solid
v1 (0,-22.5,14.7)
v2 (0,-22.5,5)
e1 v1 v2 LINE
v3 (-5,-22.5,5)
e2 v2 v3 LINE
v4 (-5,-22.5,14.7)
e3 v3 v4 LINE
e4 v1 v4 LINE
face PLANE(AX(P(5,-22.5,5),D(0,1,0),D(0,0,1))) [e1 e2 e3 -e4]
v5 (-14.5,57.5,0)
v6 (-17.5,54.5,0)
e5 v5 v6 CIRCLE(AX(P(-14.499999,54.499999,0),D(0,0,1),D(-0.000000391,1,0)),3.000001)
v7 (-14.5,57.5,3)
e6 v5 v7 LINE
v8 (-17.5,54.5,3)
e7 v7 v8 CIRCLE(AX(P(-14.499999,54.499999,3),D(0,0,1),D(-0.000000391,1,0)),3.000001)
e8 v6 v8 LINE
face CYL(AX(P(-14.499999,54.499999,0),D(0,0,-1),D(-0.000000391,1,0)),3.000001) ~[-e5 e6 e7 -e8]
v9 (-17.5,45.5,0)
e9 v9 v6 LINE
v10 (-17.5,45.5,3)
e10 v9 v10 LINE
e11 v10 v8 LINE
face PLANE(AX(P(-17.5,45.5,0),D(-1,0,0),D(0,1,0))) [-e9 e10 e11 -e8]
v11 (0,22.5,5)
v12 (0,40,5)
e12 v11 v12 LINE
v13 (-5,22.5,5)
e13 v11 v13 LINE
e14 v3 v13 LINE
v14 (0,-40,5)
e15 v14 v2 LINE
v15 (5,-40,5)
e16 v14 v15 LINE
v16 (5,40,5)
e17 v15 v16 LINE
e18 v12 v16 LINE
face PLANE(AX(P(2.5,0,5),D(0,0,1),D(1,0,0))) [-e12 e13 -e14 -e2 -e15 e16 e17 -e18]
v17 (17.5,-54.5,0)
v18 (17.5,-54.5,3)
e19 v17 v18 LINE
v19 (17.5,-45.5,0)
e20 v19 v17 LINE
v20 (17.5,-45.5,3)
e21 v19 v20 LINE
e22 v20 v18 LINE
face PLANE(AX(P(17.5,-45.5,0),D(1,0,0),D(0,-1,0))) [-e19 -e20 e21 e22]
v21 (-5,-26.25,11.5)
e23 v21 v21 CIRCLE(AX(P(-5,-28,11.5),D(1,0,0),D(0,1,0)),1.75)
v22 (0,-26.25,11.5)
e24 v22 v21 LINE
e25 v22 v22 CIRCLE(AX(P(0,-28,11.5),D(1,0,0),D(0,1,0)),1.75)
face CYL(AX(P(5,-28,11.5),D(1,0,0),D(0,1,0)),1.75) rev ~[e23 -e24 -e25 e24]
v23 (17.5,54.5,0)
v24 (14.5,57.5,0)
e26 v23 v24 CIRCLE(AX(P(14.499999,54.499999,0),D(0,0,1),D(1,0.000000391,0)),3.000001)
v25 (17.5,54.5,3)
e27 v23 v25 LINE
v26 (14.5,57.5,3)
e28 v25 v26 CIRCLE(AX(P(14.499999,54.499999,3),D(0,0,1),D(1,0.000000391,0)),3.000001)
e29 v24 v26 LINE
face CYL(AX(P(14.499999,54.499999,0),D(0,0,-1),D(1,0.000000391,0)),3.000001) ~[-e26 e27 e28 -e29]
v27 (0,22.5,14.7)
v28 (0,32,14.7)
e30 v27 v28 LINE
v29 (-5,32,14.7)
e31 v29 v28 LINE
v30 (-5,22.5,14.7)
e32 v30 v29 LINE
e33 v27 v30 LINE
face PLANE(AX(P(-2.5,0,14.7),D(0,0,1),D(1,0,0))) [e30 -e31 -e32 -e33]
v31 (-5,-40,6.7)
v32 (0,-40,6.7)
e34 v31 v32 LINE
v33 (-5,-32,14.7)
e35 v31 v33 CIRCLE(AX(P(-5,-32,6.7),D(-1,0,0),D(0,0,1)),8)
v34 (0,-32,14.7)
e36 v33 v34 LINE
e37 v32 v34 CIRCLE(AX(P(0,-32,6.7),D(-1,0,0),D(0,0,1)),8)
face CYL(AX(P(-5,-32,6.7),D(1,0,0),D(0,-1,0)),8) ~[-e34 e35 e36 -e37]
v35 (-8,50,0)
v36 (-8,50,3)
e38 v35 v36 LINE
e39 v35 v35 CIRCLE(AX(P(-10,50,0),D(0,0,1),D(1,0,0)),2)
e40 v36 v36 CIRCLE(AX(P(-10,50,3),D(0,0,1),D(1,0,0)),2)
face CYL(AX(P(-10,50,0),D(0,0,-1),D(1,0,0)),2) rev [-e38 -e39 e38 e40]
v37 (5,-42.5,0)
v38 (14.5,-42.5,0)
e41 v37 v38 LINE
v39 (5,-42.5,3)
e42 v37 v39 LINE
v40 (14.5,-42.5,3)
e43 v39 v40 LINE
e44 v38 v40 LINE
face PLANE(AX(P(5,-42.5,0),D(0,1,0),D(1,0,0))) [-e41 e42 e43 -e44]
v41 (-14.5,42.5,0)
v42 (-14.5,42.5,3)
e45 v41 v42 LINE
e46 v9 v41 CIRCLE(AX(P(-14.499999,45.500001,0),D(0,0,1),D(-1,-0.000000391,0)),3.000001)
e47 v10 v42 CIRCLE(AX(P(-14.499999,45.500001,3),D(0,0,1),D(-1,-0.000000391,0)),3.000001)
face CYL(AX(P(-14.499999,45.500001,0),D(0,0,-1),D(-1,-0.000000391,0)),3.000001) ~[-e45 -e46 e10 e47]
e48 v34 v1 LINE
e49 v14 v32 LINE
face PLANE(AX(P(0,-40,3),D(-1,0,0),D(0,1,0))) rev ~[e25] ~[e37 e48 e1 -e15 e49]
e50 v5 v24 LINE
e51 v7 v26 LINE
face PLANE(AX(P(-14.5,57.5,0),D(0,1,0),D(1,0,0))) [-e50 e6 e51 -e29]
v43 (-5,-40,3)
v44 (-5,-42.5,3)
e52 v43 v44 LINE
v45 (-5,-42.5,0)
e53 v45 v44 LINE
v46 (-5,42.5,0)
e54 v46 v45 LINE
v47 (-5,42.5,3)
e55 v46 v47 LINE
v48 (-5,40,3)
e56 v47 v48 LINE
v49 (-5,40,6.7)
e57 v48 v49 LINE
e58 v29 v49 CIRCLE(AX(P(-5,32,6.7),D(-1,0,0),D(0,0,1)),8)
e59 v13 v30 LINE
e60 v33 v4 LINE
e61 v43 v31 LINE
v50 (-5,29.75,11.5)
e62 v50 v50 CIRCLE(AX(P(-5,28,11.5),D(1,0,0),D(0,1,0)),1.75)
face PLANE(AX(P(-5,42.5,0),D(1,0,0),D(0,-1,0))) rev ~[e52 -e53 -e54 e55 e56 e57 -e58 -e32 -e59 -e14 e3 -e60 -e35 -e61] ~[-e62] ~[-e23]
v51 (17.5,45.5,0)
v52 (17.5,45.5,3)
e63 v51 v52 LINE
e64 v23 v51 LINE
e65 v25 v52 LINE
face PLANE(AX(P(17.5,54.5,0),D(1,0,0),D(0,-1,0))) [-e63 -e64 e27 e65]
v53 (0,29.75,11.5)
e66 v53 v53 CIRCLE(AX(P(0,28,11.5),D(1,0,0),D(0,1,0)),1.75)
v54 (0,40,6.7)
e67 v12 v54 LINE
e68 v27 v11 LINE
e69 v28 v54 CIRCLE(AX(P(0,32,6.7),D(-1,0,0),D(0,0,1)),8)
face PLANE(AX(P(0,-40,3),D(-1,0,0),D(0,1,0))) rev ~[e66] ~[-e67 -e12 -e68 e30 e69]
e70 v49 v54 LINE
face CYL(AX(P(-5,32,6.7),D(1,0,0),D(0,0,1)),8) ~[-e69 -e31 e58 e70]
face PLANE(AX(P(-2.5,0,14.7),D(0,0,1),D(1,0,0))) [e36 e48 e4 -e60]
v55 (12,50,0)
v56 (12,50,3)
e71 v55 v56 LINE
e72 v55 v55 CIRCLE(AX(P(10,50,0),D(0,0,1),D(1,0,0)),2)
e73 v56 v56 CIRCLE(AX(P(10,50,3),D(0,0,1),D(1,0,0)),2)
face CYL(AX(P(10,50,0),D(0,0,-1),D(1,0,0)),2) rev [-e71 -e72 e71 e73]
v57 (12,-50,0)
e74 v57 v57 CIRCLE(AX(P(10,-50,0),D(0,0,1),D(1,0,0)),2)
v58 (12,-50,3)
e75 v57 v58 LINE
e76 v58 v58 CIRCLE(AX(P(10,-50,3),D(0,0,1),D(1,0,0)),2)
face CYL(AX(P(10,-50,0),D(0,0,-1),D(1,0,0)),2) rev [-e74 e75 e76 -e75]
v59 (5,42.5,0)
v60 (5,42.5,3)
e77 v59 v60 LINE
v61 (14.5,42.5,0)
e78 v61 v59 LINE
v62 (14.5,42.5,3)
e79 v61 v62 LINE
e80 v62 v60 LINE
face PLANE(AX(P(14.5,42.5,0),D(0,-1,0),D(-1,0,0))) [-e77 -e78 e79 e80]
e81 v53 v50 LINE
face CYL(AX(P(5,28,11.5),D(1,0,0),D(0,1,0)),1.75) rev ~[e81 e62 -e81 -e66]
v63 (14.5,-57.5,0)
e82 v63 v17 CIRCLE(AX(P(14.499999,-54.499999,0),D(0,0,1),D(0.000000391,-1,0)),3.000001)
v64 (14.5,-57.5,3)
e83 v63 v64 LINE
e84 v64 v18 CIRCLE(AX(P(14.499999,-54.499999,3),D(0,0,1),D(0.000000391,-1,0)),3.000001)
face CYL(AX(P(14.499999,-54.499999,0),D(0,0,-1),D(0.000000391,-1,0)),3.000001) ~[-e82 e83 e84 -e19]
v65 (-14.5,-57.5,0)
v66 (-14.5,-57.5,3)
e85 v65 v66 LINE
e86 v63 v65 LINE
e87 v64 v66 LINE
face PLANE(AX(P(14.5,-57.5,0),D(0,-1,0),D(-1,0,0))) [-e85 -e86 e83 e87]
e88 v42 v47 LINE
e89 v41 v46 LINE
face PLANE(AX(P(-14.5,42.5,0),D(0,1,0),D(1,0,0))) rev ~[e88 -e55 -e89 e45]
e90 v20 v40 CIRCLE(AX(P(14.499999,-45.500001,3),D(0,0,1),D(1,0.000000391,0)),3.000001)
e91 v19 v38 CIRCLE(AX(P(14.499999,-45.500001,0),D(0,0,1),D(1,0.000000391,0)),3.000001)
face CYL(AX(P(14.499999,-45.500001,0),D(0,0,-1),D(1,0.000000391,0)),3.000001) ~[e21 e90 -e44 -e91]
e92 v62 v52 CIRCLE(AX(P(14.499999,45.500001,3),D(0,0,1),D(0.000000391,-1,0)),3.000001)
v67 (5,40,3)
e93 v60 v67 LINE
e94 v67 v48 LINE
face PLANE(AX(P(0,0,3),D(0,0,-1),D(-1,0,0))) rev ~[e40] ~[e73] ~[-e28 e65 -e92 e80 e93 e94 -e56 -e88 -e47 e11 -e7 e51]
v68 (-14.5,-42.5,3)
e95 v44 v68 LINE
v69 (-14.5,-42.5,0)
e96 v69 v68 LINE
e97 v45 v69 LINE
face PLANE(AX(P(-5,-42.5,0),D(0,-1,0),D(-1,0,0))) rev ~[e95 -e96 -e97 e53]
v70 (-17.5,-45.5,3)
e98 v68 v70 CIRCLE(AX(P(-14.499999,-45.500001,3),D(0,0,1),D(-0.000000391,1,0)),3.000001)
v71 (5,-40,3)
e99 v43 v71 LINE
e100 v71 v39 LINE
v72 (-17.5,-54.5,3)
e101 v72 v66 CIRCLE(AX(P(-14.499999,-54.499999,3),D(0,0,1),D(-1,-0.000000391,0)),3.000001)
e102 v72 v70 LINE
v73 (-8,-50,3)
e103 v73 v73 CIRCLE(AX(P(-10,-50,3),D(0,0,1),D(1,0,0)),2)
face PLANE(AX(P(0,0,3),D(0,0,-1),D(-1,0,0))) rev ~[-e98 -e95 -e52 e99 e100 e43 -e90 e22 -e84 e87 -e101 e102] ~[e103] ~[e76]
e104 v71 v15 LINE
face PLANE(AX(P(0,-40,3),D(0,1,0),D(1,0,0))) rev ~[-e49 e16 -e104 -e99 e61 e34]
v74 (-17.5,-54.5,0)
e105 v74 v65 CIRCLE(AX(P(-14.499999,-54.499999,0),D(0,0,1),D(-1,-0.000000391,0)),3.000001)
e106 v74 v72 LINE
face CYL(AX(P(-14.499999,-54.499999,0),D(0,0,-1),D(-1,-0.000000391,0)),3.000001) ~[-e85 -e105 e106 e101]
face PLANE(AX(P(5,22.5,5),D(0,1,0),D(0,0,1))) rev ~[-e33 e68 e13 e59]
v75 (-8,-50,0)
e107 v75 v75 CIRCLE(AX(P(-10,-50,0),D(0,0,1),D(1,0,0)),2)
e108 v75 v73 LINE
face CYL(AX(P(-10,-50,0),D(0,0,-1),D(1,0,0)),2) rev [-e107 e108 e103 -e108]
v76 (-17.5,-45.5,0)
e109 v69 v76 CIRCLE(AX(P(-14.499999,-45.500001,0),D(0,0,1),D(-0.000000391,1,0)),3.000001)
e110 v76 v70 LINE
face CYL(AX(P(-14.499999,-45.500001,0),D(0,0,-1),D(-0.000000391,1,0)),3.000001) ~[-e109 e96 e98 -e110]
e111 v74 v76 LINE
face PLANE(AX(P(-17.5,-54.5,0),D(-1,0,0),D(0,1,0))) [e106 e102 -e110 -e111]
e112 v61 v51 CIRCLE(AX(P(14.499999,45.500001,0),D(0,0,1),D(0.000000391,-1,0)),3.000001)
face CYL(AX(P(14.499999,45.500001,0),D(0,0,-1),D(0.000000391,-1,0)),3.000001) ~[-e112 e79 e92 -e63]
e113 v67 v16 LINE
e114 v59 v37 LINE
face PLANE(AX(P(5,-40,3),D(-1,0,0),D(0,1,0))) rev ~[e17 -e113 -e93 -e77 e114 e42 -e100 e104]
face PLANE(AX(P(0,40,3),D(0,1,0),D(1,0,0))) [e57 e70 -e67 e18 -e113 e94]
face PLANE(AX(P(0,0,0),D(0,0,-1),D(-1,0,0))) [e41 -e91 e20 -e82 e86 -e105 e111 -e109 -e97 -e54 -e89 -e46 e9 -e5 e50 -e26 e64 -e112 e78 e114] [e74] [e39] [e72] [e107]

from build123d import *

# Parameters (mm, degrees)
SKETCH_R     = 2
PAD_DEPTH    = 3
SKETCH001_W  = 5
SKETCH001_H  = 80
PAD001_DEPTH = 11.7
SKETCH002_R  = 1.75
SKETCH002_W  = 45
SKETCH002_H  = 10
POCKET_DEPTH = 15
SKETCH003_W  = 5
SKETCH003_H  = 80
PAD002_DEPTH = 2
FILLET_R     = 8


with BuildPart() as part:
    # Sketch → Pad (new body)
    with BuildSketch(Plane.XY):
        with BuildLine():
            Line((-14.5, 57.5), (14.5, 57.5))
            ThreePointArc((17.5, 54.5), (16.62132, 56.62132), (14.5, 57.5))
            Line((17.5, 54.5), (17.5, 45.5))
            ThreePointArc((14.5, 42.5), (16.62132, 43.37868), (17.5, 45.5))
            Line((14.5, 42.5), (5, 42.5))
            Line((5, 42.5), (5, -42.5))
            Line((5, -42.5), (14.5, -42.5))
            ThreePointArc((17.5, -45.5), (16.62132, -43.37868), (14.5, -42.5))
            Line((17.5, -45.5), (17.5, -54.5))
            ThreePointArc((14.5, -57.5), (16.62132, -56.62132), (17.5, -54.5))
            Line((14.5, -57.5), (-14.5, -57.5))
            ThreePointArc((-17.5, -54.5), (-16.62132, -56.62132), (-14.5, -57.5))
            Line((-17.5, -54.5), (-17.5, -45.5))
            ThreePointArc((-14.5, -42.5), (-16.62132, -43.37868), (-17.5, -45.5))
            Line((-5, -42.5), (-14.5, -42.5))
            Line((-5, 42.5), (-5, -42.5))
            Line((-14.5, 42.5), (-5, 42.5))
            ThreePointArc((-17.5, 45.5), (-16.62132, 43.37868), (-14.5, 42.5))
            Line((-17.5, 45.5), (-17.5, 54.5))
            ThreePointArc((-14.5, 57.5), (-16.62132, 56.62132), (-17.5, 54.5))
        make_face()
        with Locations((-10, 50)):
            Circle(SKETCH_R, mode=Mode.SUBTRACT)
        with Locations((10, 50)):
            Circle(SKETCH_R, mode=Mode.SUBTRACT)
        with Locations((-10, -50)):
            Circle(SKETCH_R, mode=Mode.SUBTRACT)
        with Locations((10, -50)):
            Circle(SKETCH_R, mode=Mode.SUBTRACT)
    extrude(amount=PAD_DEPTH)

    # Sketch001 → Pad001 (join)
    with BuildSketch(Plane.XY.offset(3)):
        with Locations((-2.5, 0)):
            Rectangle(SKETCH001_W, SKETCH001_H)
    extrude(amount=PAD001_DEPTH)

    # Sketch002 → Pocket (cut)
    with BuildSketch(Plane.YZ.offset(5)):
        with Locations((-28, 11.5)):
            Circle(SKETCH002_R)
        with Locations((28, 11.5)):
            Circle(SKETCH002_R)
        with Locations((0, 10)):
            Rectangle(SKETCH002_W, SKETCH002_H)
    extrude(amount=-POCKET_DEPTH, mode=Mode.SUBTRACT)

    # Sketch003 → Pad002 (join)
    with BuildSketch(Plane.XY.offset(3)):
        with Locations((2.5, 0)):
            Rectangle(SKETCH003_W, SKETCH003_H)
    extrude(amount=PAD002_DEPTH)

    # Fillet
    fillet_edges = [part.edges().sort_by_distance(p)[0] for p in [
        (-2.5, -40, 14.7),
        (-2.5, 40, 14.7),
    ]]
    fillet(fillet_edges, radius=FILLET_R)


solid = part.part
